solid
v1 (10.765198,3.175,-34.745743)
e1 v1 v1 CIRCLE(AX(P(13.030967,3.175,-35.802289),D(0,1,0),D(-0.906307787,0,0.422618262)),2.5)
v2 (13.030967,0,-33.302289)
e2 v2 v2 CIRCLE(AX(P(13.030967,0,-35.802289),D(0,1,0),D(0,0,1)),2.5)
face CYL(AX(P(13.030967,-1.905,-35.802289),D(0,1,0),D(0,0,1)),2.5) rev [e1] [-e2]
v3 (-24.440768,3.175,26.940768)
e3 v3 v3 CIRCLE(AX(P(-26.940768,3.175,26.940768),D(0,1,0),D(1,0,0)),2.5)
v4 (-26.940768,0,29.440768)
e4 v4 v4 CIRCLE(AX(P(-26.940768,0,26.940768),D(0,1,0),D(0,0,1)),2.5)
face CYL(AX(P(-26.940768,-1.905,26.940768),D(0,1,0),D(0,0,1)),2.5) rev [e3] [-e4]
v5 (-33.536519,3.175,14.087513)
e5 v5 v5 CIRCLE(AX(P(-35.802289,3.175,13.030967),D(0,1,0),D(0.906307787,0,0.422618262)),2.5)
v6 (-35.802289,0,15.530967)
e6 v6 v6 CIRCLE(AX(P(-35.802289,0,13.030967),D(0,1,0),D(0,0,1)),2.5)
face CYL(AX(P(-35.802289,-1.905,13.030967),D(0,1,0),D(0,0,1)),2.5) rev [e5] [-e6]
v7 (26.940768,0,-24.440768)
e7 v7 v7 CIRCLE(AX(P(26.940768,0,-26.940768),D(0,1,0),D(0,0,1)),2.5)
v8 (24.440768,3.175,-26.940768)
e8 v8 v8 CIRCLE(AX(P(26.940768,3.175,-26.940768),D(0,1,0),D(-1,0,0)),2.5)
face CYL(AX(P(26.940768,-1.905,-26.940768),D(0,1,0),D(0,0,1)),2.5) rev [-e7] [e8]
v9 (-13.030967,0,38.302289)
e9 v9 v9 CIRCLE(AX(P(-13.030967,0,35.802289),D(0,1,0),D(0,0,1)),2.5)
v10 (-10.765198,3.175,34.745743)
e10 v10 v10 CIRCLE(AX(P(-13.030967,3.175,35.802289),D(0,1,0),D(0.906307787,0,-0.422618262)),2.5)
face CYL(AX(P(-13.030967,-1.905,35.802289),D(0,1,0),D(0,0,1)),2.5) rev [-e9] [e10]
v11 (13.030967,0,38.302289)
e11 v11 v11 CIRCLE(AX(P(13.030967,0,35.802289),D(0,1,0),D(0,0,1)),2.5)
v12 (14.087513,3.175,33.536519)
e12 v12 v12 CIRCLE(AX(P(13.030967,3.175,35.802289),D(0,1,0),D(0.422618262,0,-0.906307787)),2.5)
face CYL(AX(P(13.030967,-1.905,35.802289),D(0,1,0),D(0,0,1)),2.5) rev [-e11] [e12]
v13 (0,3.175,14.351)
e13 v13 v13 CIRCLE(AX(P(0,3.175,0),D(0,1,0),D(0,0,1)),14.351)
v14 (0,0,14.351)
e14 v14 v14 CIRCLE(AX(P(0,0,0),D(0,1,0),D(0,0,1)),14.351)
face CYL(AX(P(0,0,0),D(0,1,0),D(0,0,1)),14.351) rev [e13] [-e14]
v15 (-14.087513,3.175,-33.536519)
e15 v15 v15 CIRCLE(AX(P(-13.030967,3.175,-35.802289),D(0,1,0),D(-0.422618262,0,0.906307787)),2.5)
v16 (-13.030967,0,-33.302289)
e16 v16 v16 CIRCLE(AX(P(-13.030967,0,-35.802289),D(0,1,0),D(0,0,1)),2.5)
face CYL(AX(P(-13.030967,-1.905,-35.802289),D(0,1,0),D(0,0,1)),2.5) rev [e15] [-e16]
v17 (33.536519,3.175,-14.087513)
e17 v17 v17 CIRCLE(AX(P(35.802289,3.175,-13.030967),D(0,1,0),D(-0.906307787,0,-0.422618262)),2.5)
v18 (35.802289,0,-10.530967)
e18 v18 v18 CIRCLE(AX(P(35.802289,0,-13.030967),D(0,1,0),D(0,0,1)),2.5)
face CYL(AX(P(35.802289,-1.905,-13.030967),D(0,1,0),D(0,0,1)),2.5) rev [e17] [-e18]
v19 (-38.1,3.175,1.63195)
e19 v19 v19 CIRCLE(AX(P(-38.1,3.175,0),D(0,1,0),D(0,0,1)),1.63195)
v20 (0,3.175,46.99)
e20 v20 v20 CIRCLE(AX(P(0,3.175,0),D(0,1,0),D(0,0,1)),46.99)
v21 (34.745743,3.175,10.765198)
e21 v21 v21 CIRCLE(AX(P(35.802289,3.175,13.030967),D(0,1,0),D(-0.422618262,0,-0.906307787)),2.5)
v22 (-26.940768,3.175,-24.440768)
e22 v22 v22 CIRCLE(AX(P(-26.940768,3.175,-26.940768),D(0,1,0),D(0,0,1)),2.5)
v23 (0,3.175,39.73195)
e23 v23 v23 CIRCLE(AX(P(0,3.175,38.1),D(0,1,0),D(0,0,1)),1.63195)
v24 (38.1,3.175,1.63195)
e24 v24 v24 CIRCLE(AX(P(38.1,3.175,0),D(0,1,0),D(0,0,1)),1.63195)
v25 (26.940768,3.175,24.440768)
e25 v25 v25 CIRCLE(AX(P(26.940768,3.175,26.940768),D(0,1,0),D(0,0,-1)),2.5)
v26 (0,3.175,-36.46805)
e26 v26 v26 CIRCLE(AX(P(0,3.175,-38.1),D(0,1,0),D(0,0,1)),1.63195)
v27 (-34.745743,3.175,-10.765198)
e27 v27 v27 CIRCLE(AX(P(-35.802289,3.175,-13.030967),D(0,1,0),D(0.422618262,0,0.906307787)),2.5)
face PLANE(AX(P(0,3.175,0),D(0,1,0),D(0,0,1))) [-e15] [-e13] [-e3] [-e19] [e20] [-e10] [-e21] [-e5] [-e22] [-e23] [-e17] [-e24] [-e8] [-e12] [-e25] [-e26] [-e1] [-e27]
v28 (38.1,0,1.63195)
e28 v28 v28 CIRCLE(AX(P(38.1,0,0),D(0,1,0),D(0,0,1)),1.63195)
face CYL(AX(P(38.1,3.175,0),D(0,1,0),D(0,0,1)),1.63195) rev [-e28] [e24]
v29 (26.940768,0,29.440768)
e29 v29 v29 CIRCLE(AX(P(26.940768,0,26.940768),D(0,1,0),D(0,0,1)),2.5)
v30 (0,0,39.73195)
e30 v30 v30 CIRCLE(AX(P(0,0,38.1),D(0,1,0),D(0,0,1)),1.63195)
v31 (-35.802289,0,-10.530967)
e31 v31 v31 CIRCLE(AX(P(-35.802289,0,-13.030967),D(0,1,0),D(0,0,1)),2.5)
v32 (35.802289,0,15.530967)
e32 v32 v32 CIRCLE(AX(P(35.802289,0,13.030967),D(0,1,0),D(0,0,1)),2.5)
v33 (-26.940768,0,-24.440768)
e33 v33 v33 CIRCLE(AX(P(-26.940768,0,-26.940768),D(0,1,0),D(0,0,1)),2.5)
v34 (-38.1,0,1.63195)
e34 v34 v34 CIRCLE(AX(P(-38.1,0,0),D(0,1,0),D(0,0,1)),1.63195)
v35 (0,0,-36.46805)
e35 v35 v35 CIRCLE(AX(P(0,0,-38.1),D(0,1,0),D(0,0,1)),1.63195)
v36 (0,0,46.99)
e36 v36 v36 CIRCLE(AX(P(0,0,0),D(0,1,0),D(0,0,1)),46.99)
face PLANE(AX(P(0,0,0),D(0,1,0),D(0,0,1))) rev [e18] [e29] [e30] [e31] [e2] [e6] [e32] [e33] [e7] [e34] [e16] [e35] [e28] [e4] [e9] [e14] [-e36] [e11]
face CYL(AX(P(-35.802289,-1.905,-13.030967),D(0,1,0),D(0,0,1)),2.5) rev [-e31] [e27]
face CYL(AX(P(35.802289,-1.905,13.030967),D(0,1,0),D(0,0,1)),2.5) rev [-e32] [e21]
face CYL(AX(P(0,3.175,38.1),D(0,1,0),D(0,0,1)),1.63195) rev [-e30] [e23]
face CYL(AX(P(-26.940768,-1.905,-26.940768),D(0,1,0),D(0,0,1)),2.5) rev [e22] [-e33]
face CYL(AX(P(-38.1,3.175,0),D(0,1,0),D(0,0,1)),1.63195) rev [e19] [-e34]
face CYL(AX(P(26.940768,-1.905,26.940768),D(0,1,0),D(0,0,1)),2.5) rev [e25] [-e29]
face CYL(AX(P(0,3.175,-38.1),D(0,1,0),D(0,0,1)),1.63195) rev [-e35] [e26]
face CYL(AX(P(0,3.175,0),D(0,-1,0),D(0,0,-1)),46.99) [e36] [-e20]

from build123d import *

# Parameters (mm, degrees)
SKETCH1_R                   = 46.99
BOSS_EXTRUDE1_DEPTH         = 3.175
SKETCH2_R                   = 14.351
CUT_EXTRUDE1_DEPTH          = 3.175
CIRPATTERN1_COUNT           = 4
SKETCH5_R                   = 2.5
CUT_EXTRUDE2_DEPTH          = 5.08
CIRPATTERN2_COUNT           = 4
CIRPATTERN3_COUNT           = 2
CIRPATTERN3_ANGLE           = 25
CIRPATTERN3_COPY_1_SKETCH_R = 2.5
CIRPATTERN3_COPY_1_DEPTH    = 5.08
CIRPATTERN3_COPY_2_SKETCH_R = 2.5
CIRPATTERN3_COPY_2_DEPTH    = 5.08
CIRPATTERN3_COPY_3_SKETCH_R = 2.5
CIRPATTERN3_COPY_3_DEPTH    = 5.08
CIRPATTERN4_COUNT           = 2
CIRPATTERN4_ANGLE           = 25
CIRPATTERN4_COPY_1_SKETCH_R = 2.5
CIRPATTERN4_COPY_1_DEPTH    = 5.08
CIRPATTERN4_COPY_2_SKETCH_R = 2.5
CIRPATTERN4_COPY_2_DEPTH    = 5.08
CIRPATTERN4_COPY_3_SKETCH_R = 2.5
CIRPATTERN4_COPY_3_DEPTH    = 5.08


with BuildPart() as part:
    # Sketch1 → Boss-Extrude1 (new body)
    with BuildSketch(Plane(origin=(0, 0, 0), x_dir=(1, 0, 0), z_dir=(0, 1, 0))):
        with Locations(Location((0, 0, 0), (0, 0, 270))):
            Circle(SKETCH1_R)
    extrude(amount=BOSS_EXTRUDE1_DEPTH)

    # Sketch2 → Cut-Extrude1 (cut)
    with BuildSketch(Plane(origin=(0, 3.175, 0), x_dir=(1, 0, 0), z_dir=(0, 1, 0))):
        with Locations(Location((0, 0, 0), (0, 0, 270))):
            Circle(SKETCH2_R)
    extrude(amount=-CUT_EXTRUDE1_DEPTH, mode=Mode.SUBTRACT)

    # Sketch3 → #4 Clearance Hole1 (revolve, cut)
    with BuildSketch(Plane(origin=(0, 3.175, -38.1), x_dir=(0, 0, 1), z_dir=(1, 0, 0))):
        Polygon((0, 0), (0, 11.140574487), (1.63195, 10.16), (1.63195, 0), align=None)
    f_4_clearance_hole1 = revolve(axis=Axis((0, 9.525, -38.1), (0, -1, 0)), mode=Mode.SUBTRACT)

    # CirPattern1: #4 Clearance Hole1 ×4 about axis
    cirpattern1_axis = Axis((0, 0, 0), (0, 1, 0))
    for i in range(1, CIRPATTERN1_COUNT):
        add(f_4_clearance_hole1.rotate(cirpattern1_axis, i * 360 / CIRPATTERN1_COUNT), mode=Mode.SUBTRACT)

    # Sketch5 → Cut-Extrude2 (cut)
    with BuildSketch(Plane(origin=(0, 3.175, 0), x_dir=(1, 0, 0), z_dir=(0, 1, 0))):
        with Locations(Location((-26.940768363, 26.940768363, 0), (0, 0, 270))):
            Circle(SKETCH5_R)
    cut_extrude2 = extrude(amount=-CUT_EXTRUDE2_DEPTH, mode=Mode.SUBTRACT)

    # CirPattern2: Cut-Extrude2 ×4 about axis
    cirpattern2_axis = Axis((0, 0, 0), (0, 1, 0))
    for i in range(1, CIRPATTERN2_COUNT):
        add(cut_extrude2.rotate(cirpattern2_axis, i * 360 / CIRPATTERN2_COUNT), mode=Mode.SUBTRACT)

    # CirPattern3: Cut-Extrude2 ×2 about axis
    cirpattern3_axis = Axis((0, 0, 0), (0, 1, 0))
    for i in range(1, CIRPATTERN3_COUNT):
        add(cut_extrude2.rotate(cirpattern3_axis, i * CIRPATTERN3_ANGLE / (CIRPATTERN3_COUNT - 1)), mode=Mode.SUBTRACT)

    # CirPattern3 copy 1 sketch → CirPattern3 copy 1 (cut)
    with BuildSketch(Plane(origin=(0, 3.175, 0), x_dir=(-0.4226182617407003, 0, -0.9063077870366495), z_dir=(0, 1, 0))):
        with Locations(Location((-26.940768363, 26.940768363, 0), (0, 0, 270))):
            Circle(CIRPATTERN3_COPY_1_SKETCH_R)
    extrude(amount=-CIRPATTERN3_COPY_1_DEPTH, mode=Mode.SUBTRACT)

    # CirPattern3 copy 2 sketch → CirPattern3 copy 2 (cut)
    with BuildSketch(Plane(origin=(0, 3.175, 0), x_dir=(-0.9063077870366495, 0, 0.4226182617407002), z_dir=(0, 1, 0))):
        with Locations(Location((-26.940768363, 26.940768363, 0), (0, 0, 270))):
            Circle(CIRPATTERN3_COPY_2_SKETCH_R)
    extrude(amount=-CIRPATTERN3_COPY_2_DEPTH, mode=Mode.SUBTRACT)

    # CirPattern3 copy 3 sketch → CirPattern3 copy 3 (cut)
    with BuildSketch(Plane(origin=(0, 3.175, 0), x_dir=(0.42261826174070016, 0, 0.9063077870366496), z_dir=(0, 1, 0))):
        with Locations(Location((-26.940768363, 26.940768363, 0), (0, 0, 270))):
            Circle(CIRPATTERN3_COPY_3_SKETCH_R)
    extrude(amount=-CIRPATTERN3_COPY_3_DEPTH, mode=Mode.SUBTRACT)

    # CirPattern4: Cut-Extrude2 ×2 about axis
    cirpattern4_axis = Axis((0, 0, 0), (0, -1, 0))
    for i in range(1, CIRPATTERN4_COUNT):
        add(cut_extrude2.rotate(cirpattern4_axis, i * CIRPATTERN4_ANGLE / (CIRPATTERN4_COUNT - 1)), mode=Mode.SUBTRACT)

    # CirPattern4 copy 1 sketch → CirPattern4 copy 1 (cut)
    with BuildSketch(Plane(origin=(0, 3.175, 0), x_dir=(0.4226182617407004, 0, -0.9063077870366495), z_dir=(0, 1, 0))):
        with Locations(Location((-26.940768363, 26.940768363, 0), (0, 0, 270))):
            Circle(CIRPATTERN4_COPY_1_SKETCH_R)
    extrude(amount=-CIRPATTERN4_COPY_1_DEPTH, mode=Mode.SUBTRACT)

    # CirPattern4 copy 2 sketch → CirPattern4 copy 2 (cut)
    with BuildSketch(Plane(origin=(0, 3.175, 0), x_dir=(-0.9063077870366495, 0, -0.42261826174070044), z_dir=(0, 1, 0))):
        with Locations(Location((-26.940768363, 26.940768363, 0), (0, 0, 270))):
            Circle(CIRPATTERN4_COPY_2_SKETCH_R)
    extrude(amount=-CIRPATTERN4_COPY_2_DEPTH, mode=Mode.SUBTRACT)

    # CirPattern4 copy 3 sketch → CirPattern4 copy 3 (cut)
    with BuildSketch(Plane(origin=(0, 3.175, 0), x_dir=(-0.4226182617407005, 0, 0.9063077870366494), z_dir=(0, 1, 0))):
        with Locations(Location((-26.940768363, 26.940768363, 0), (0, 0, 270))):
            Circle(CIRPATTERN4_COPY_3_SKETCH_R)
    extrude(amount=-CIRPATTERN4_COPY_3_DEPTH, mode=Mode.SUBTRACT)


solid = part.part
